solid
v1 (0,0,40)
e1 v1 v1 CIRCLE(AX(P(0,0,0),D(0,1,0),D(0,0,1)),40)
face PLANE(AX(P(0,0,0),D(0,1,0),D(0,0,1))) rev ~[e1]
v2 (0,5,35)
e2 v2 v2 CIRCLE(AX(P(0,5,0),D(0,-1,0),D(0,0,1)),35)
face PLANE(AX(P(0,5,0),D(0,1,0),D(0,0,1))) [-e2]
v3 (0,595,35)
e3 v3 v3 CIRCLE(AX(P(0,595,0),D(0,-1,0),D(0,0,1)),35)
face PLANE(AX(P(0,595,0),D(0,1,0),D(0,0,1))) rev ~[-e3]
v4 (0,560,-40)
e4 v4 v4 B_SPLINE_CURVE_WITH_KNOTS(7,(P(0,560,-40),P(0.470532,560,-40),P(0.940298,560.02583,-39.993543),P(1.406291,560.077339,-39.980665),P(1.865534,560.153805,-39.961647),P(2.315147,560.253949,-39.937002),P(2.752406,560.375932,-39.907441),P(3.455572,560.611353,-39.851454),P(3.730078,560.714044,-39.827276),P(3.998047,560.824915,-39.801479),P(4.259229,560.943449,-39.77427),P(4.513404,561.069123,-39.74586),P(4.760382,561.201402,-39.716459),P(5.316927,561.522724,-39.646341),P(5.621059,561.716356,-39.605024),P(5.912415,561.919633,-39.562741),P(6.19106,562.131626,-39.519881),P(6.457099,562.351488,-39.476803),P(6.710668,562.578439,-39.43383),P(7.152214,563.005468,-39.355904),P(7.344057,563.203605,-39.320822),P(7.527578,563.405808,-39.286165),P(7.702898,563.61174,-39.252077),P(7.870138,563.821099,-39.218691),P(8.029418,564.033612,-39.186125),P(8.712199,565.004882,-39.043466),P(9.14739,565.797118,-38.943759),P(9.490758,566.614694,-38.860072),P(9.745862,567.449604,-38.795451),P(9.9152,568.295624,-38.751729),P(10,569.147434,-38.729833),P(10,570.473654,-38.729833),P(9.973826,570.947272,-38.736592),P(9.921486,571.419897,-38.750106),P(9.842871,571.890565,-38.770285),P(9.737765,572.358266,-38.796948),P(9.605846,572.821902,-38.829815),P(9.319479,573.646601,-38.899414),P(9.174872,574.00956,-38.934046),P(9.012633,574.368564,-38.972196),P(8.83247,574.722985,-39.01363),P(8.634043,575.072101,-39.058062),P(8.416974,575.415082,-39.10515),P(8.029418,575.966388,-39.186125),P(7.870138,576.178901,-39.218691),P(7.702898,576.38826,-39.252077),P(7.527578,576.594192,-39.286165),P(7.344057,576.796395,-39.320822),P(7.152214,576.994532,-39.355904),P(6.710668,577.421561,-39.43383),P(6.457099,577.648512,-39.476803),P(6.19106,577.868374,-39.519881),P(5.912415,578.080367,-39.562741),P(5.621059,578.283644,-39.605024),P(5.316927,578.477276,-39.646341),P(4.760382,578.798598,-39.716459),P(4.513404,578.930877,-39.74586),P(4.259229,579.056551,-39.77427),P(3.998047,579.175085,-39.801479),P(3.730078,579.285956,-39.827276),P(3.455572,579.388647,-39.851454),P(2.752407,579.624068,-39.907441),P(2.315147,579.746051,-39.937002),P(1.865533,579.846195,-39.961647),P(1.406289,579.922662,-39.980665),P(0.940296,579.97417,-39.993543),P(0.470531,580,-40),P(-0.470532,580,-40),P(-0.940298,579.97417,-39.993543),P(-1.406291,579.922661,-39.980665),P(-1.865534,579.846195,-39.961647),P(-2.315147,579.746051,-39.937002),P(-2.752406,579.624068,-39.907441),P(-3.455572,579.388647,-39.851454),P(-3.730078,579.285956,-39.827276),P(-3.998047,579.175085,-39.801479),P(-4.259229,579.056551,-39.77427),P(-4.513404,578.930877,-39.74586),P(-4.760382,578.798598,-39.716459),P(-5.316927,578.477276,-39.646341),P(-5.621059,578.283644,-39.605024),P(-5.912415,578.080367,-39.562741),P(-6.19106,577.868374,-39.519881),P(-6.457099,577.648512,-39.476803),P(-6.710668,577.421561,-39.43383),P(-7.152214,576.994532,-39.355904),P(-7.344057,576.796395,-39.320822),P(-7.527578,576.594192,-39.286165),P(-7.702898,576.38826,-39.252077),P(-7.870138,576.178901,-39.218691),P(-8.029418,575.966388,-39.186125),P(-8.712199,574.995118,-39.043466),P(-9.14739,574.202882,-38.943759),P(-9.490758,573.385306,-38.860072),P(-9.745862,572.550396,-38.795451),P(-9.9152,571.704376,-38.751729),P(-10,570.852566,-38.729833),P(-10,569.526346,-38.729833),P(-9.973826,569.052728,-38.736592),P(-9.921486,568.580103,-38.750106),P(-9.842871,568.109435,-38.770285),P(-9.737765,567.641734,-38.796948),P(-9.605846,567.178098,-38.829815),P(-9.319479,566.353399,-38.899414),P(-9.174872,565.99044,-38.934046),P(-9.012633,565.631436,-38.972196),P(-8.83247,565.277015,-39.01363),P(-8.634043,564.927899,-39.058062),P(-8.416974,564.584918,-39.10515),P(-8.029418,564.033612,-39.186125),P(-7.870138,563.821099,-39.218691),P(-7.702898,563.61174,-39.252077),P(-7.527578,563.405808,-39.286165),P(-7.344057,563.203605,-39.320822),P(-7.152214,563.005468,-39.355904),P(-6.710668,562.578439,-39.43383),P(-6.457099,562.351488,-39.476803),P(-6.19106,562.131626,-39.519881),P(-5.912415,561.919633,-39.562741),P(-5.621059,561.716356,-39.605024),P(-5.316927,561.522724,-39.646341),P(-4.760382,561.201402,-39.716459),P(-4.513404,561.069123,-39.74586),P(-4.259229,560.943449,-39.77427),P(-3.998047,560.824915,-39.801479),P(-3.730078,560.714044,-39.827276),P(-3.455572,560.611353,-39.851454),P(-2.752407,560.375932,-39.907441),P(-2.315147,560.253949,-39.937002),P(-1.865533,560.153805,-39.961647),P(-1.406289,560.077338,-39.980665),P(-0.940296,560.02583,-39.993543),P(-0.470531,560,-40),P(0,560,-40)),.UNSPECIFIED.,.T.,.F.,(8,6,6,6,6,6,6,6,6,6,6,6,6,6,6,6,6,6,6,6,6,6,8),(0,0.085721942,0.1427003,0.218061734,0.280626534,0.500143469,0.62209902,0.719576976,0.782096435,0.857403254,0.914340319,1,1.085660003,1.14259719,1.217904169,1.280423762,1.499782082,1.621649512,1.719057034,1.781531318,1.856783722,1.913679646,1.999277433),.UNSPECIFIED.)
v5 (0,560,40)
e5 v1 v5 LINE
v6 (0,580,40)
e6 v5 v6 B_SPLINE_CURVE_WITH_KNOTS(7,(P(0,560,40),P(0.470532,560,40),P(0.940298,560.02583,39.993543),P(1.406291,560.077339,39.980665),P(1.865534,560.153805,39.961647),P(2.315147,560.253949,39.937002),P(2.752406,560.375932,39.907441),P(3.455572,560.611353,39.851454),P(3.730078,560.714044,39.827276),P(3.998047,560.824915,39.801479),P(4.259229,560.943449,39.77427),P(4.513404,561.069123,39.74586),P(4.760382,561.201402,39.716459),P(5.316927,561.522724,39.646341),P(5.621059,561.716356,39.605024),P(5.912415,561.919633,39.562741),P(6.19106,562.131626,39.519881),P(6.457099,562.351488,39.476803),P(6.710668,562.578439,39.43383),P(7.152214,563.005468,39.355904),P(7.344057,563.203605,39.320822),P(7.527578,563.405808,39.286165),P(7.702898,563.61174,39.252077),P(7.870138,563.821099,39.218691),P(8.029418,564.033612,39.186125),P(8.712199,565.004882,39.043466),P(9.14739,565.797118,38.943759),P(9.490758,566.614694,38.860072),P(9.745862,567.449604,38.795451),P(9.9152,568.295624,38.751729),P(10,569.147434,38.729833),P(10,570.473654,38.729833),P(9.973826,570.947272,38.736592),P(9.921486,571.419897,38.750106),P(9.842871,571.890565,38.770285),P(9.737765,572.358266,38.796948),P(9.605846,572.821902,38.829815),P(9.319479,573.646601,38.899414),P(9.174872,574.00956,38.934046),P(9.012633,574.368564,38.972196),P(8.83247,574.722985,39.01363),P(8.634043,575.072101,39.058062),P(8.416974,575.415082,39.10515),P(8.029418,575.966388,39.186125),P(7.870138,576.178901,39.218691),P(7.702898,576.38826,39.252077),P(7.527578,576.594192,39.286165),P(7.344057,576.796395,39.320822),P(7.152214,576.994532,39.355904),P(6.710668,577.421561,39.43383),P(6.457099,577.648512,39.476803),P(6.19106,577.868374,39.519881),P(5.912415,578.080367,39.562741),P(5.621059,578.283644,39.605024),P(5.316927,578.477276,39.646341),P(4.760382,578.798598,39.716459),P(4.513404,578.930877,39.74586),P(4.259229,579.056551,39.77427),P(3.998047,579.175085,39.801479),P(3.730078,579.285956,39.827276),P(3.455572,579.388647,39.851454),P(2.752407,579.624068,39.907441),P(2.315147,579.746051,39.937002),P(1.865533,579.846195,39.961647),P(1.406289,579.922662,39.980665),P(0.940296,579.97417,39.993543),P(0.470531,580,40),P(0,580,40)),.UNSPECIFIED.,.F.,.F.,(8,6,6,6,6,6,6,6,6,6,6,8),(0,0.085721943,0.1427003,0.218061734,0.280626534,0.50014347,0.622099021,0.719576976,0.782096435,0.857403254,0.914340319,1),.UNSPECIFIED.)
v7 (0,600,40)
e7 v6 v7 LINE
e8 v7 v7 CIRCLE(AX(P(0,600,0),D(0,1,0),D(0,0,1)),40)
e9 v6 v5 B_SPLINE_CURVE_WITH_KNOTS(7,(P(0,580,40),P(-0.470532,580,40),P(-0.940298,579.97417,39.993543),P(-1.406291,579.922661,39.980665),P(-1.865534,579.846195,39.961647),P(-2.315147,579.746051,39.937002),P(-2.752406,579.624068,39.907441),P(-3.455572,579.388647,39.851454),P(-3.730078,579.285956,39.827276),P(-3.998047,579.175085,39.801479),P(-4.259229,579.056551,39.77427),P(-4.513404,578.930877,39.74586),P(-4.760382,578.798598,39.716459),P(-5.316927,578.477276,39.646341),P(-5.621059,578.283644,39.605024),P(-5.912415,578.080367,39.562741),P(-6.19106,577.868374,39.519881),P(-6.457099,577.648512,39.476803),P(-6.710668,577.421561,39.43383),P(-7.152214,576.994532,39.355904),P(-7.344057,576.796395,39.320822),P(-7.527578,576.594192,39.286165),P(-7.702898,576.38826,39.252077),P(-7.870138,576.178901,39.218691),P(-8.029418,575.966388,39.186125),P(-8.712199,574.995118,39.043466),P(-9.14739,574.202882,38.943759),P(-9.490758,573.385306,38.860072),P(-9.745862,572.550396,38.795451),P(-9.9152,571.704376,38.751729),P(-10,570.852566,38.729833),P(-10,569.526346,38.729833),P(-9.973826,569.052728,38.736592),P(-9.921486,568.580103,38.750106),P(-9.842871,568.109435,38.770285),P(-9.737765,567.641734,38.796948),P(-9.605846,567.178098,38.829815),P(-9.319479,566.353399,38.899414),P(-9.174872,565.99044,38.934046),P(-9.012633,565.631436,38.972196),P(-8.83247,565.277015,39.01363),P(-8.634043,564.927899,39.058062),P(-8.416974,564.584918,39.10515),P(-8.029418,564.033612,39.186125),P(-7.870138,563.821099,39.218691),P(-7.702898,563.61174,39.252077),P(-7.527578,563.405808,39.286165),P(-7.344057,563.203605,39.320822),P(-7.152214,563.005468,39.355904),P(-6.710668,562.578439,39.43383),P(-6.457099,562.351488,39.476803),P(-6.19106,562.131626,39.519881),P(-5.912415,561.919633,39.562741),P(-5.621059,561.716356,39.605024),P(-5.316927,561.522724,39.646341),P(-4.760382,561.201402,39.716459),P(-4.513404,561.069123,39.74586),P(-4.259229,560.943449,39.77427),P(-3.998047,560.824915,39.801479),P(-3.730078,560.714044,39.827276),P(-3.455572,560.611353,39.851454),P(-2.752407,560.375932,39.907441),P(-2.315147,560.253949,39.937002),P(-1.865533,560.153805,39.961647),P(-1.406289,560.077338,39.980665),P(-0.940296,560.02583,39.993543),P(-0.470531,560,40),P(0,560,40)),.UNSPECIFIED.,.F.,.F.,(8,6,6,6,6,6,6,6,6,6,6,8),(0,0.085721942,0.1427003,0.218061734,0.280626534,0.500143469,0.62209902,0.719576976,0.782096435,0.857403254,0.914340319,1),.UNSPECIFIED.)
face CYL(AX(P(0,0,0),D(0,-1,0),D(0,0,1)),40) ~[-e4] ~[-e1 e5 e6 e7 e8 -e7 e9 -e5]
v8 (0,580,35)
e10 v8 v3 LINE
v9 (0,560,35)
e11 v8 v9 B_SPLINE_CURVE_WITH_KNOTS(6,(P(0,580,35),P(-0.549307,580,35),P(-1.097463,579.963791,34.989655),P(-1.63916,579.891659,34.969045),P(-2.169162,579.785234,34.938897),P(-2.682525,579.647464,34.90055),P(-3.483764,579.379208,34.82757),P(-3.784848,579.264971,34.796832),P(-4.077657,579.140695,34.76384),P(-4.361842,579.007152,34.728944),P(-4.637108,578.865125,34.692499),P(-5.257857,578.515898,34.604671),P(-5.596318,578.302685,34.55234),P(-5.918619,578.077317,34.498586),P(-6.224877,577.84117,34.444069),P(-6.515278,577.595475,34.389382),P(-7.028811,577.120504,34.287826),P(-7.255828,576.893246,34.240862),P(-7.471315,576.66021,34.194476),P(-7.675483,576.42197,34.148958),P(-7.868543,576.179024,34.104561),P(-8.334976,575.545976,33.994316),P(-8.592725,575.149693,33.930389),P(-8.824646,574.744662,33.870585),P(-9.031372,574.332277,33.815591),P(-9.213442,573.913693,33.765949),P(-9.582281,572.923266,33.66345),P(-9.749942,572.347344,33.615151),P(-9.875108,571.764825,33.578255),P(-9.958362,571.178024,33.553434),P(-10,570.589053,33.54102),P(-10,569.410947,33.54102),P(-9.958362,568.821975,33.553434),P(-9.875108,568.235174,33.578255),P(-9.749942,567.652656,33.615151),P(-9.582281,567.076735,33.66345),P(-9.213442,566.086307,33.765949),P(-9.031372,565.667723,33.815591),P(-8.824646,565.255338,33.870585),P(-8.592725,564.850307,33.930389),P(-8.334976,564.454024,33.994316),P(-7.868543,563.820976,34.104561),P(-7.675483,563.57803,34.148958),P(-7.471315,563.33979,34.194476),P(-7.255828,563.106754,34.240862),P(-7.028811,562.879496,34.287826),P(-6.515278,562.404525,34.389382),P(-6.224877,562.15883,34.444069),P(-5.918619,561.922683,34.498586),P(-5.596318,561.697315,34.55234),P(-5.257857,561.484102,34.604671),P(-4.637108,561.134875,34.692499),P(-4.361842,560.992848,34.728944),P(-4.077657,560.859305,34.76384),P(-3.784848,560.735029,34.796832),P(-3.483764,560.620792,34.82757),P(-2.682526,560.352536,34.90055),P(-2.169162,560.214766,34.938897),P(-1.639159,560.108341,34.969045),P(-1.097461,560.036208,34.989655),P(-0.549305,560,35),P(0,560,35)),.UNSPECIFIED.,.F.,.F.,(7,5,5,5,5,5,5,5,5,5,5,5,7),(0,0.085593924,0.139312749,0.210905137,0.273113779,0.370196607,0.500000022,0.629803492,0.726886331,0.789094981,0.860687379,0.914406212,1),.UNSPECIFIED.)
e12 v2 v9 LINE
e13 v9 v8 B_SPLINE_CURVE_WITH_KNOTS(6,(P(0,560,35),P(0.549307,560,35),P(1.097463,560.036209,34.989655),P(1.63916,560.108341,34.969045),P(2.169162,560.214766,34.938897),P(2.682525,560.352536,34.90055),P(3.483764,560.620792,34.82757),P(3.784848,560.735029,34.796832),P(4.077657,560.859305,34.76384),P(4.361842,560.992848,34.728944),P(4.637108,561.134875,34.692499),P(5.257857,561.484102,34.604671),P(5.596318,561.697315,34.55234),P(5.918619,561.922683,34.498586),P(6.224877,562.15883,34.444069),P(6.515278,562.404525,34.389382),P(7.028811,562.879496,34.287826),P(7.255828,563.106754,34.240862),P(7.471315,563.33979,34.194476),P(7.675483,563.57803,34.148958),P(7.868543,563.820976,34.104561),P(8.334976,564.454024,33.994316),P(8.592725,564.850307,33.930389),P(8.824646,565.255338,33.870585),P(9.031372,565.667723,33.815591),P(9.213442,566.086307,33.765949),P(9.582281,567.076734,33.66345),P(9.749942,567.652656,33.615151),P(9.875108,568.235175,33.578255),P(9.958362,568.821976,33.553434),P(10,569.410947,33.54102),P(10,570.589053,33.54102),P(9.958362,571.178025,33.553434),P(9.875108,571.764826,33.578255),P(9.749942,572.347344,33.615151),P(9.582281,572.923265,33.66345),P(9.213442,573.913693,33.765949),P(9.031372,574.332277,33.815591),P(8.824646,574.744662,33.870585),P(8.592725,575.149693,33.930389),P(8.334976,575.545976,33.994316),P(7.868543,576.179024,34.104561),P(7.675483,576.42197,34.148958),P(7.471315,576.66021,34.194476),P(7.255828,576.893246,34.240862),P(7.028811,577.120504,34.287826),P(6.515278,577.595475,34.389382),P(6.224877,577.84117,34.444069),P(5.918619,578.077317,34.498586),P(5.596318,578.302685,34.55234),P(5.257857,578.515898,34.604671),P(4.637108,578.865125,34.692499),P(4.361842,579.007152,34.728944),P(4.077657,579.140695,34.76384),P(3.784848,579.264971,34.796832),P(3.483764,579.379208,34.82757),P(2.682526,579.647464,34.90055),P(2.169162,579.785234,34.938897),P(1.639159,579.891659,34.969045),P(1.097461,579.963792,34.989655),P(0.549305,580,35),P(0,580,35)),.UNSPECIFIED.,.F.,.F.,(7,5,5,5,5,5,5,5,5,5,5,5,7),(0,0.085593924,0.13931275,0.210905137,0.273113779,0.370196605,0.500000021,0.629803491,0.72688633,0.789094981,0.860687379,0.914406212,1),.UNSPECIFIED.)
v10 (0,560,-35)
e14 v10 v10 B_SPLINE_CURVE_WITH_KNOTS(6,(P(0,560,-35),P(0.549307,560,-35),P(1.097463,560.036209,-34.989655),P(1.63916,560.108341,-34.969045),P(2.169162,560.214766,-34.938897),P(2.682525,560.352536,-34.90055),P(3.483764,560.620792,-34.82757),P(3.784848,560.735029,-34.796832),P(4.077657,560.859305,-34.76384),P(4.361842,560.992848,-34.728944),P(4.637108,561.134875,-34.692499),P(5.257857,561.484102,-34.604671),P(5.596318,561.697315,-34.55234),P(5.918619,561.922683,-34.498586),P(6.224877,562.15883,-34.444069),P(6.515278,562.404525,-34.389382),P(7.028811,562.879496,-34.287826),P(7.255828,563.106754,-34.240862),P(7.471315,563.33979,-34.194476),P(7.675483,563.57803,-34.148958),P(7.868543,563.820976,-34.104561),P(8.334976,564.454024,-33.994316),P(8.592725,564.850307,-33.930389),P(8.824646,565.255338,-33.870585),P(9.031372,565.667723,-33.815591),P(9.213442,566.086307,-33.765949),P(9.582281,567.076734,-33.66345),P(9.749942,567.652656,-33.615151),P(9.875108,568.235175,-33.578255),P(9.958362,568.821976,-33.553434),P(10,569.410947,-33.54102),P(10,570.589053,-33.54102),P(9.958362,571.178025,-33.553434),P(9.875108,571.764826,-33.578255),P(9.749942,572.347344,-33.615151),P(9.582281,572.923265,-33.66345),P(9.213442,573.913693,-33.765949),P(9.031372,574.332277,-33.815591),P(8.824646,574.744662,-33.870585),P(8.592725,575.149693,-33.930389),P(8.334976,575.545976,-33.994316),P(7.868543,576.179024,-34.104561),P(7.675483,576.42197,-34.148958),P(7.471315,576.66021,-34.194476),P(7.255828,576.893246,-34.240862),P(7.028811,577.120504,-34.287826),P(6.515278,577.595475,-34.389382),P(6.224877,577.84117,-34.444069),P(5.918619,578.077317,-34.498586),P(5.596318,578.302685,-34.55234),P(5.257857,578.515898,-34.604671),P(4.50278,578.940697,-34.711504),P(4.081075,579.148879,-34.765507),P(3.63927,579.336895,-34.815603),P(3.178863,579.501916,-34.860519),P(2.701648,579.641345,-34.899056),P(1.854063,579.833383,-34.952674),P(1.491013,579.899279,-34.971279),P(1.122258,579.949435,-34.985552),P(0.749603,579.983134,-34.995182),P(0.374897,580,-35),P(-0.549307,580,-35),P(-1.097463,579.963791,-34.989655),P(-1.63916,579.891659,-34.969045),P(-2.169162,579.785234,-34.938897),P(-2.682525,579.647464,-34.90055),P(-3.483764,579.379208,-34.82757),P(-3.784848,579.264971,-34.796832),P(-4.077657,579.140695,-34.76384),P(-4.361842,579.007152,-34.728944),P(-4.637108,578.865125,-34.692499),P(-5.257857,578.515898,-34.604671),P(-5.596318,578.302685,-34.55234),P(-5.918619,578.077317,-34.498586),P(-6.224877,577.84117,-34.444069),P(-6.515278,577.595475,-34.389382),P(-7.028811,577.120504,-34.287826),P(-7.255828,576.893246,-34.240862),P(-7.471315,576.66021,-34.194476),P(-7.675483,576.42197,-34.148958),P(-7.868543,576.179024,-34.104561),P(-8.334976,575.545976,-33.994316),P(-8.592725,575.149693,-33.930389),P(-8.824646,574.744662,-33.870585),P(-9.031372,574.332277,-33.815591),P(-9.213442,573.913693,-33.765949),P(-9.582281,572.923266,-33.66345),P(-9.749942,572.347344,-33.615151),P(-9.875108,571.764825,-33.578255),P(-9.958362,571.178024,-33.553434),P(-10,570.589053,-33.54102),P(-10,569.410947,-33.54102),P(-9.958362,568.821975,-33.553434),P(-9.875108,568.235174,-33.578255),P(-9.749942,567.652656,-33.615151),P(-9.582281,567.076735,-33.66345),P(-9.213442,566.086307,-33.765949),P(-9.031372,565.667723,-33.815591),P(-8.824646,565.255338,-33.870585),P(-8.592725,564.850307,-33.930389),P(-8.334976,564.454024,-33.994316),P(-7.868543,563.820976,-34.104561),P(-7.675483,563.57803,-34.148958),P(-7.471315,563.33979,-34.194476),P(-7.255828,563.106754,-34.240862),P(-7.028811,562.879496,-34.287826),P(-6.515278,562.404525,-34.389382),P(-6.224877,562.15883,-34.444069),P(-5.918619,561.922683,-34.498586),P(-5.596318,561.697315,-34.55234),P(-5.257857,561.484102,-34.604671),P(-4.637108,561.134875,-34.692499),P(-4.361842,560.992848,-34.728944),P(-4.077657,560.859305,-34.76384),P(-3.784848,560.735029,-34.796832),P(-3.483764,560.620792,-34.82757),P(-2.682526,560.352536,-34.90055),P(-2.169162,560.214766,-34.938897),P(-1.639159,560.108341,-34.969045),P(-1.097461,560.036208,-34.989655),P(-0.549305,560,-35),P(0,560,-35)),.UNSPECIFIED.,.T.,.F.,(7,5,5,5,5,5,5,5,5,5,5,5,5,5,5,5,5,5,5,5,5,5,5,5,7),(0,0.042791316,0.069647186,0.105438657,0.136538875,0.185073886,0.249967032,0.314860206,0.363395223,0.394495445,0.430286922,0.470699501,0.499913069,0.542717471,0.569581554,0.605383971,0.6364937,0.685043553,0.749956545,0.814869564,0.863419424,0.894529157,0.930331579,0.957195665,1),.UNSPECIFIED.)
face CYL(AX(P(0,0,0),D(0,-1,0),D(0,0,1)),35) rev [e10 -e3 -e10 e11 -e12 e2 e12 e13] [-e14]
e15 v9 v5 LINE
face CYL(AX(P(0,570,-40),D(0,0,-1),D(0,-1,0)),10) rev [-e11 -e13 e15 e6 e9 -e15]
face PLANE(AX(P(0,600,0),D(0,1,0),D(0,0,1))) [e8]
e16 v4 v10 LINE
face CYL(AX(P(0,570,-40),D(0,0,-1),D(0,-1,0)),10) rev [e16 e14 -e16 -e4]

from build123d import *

# Parameters (mm, degrees)
SKETCH1_R               = 40
BOSS_EXTRUDE1_DEPTH     = 600
SHELL7_T                = 5
CUT_EXTRUDE2_DEPTH      = 40
CUT_EXTRUDE2_DEPTH_BACK = 40
SKETCH2_R               = 10


with BuildPart() as part:
    # Sketch1 → Boss-Extrude1 (new body)
    with BuildSketch(Plane(origin=(0, 0, 0), x_dir=(1, 0, 0), z_dir=(0, 1, 0))):
        Circle(SKETCH1_R)
    extrude(amount=BOSS_EXTRUDE1_DEPTH)

    # Shell7 (no face opened: a closed hollow body)
    add(offset(amount=-SHELL7_T, mode=Mode.PRIVATE), mode=Mode.SUBTRACT)

    # Sketch2 → Cut-Extrude2 (cut, two sides: drawn at the far end of the back side and taken through both)
    with BuildSketch(Plane.XY.offset(-CUT_EXTRUDE2_DEPTH_BACK)):
        with Locations((0, 570)):
            Circle(SKETCH2_R)
    extrude(amount=CUT_EXTRUDE2_DEPTH + CUT_EXTRUDE2_DEPTH_BACK, mode=Mode.SUBTRACT)


solid = part.part
